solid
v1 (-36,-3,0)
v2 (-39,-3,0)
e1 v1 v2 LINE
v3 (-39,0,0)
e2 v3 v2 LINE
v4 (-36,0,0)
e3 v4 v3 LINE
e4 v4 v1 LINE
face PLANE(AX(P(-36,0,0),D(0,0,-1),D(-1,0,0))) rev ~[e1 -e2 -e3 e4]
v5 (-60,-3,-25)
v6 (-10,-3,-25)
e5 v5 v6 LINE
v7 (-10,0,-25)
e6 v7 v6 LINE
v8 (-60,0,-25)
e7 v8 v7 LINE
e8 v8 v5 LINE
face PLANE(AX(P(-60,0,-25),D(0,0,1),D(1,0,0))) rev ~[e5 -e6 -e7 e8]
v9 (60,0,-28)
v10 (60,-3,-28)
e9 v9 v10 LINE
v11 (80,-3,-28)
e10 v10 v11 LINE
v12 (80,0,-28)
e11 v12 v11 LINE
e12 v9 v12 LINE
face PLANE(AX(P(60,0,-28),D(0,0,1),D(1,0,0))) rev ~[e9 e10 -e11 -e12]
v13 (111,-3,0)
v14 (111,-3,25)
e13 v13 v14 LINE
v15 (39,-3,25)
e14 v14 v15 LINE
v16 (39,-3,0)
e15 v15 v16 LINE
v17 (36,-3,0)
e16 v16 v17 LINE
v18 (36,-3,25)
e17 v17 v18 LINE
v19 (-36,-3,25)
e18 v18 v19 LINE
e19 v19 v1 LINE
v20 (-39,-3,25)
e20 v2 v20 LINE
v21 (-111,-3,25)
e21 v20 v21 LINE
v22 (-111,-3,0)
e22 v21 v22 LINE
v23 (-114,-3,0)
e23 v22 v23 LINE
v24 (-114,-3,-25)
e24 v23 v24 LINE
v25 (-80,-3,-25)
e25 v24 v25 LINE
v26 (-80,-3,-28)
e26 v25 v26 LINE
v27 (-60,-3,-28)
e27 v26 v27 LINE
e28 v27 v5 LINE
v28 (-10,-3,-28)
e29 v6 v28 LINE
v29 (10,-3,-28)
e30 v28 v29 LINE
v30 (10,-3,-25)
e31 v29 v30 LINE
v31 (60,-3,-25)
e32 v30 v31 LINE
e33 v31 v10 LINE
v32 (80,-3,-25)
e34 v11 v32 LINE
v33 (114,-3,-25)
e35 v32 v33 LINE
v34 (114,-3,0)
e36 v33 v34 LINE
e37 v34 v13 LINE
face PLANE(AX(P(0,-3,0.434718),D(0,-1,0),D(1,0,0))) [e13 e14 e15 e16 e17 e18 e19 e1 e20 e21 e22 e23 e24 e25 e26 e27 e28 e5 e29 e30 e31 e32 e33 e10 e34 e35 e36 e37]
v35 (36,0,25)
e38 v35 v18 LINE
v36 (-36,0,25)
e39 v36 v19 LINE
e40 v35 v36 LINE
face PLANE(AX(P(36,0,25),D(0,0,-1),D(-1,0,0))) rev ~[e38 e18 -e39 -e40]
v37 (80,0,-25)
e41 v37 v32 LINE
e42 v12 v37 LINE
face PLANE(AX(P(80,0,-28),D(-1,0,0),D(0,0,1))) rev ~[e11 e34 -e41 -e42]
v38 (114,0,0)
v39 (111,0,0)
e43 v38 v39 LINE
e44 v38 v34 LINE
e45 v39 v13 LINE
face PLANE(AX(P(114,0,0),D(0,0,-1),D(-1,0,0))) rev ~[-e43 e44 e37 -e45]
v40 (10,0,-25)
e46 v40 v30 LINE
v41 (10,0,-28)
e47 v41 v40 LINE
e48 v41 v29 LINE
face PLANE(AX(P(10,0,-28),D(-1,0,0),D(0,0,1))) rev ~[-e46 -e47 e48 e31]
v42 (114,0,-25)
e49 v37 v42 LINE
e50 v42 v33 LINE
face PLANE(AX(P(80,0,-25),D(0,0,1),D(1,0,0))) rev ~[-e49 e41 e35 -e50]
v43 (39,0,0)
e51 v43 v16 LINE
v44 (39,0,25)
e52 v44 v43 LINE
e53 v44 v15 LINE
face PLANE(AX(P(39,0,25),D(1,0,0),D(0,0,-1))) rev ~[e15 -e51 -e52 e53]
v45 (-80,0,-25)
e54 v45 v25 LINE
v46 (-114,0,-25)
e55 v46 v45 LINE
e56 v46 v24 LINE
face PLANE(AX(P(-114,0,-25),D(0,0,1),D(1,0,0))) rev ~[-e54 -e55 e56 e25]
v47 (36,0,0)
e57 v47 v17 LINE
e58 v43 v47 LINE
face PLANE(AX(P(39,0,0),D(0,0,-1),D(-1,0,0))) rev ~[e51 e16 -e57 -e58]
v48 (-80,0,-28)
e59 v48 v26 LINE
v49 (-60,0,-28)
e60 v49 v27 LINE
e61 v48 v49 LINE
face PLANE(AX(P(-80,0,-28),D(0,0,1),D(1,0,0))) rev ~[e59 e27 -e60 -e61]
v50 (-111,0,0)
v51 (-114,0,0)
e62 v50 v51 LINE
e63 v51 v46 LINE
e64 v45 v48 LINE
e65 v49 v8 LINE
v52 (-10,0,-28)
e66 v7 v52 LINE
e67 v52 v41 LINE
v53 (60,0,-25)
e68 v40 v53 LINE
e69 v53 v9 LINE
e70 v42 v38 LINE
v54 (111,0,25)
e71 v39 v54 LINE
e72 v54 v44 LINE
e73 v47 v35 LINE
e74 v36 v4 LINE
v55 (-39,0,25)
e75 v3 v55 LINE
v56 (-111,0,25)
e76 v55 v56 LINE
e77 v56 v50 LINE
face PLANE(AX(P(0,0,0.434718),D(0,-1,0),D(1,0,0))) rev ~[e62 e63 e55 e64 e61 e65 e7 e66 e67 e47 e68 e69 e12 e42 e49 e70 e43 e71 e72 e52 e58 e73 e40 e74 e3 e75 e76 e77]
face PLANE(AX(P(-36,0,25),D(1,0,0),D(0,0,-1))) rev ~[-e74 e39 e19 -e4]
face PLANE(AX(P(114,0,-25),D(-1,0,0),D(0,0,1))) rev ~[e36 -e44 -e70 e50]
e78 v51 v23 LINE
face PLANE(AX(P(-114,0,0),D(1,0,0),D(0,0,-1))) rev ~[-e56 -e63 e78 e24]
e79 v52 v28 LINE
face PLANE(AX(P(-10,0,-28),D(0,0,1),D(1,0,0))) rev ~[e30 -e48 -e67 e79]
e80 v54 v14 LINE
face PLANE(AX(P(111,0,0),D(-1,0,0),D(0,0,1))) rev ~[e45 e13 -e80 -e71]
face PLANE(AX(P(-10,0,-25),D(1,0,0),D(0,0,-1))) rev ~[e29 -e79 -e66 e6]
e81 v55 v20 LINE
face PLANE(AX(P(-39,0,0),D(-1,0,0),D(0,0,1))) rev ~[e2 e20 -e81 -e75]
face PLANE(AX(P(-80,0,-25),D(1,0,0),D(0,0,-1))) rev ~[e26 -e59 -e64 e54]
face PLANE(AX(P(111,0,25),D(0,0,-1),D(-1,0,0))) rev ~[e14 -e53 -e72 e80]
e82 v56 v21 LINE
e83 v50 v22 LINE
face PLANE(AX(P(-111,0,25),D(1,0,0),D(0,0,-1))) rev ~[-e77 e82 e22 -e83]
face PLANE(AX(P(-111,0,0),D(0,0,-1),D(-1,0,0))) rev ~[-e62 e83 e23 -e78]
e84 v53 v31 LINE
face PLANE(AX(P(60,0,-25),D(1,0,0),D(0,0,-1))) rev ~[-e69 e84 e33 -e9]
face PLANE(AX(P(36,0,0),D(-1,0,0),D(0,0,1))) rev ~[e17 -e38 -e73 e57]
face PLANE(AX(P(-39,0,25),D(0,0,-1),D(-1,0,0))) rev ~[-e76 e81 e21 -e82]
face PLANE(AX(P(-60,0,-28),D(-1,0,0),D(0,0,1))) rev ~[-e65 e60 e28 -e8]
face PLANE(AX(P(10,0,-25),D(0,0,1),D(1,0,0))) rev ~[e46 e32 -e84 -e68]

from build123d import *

# Parameters (mm, degrees)
F1_DEPTH = 3


with BuildPart() as f1:
    # F0 (on Front) → F1 (new body)
    with BuildSketch(Plane.XZ):
        Polygon((80, -25), (114, -25), (114, 0), (111, 0), (111, 25), (39, 25), (39, 0), (36, 0), (36, 25), (-36, 25), (-36, 0), (-39, 0), (-39, 25), (-111, 25), (-111, 0), (-114, 0), (-114, -25), (-80, -25), (-80, -28), (-60, -28), (-60, -25), (-10, -25), (-10, -28), (10, -28), (10, -25), (60, -25), (60, -28), (80, -28), align=None)
    extrude(amount=F1_DEPTH)


solid = f1.part
